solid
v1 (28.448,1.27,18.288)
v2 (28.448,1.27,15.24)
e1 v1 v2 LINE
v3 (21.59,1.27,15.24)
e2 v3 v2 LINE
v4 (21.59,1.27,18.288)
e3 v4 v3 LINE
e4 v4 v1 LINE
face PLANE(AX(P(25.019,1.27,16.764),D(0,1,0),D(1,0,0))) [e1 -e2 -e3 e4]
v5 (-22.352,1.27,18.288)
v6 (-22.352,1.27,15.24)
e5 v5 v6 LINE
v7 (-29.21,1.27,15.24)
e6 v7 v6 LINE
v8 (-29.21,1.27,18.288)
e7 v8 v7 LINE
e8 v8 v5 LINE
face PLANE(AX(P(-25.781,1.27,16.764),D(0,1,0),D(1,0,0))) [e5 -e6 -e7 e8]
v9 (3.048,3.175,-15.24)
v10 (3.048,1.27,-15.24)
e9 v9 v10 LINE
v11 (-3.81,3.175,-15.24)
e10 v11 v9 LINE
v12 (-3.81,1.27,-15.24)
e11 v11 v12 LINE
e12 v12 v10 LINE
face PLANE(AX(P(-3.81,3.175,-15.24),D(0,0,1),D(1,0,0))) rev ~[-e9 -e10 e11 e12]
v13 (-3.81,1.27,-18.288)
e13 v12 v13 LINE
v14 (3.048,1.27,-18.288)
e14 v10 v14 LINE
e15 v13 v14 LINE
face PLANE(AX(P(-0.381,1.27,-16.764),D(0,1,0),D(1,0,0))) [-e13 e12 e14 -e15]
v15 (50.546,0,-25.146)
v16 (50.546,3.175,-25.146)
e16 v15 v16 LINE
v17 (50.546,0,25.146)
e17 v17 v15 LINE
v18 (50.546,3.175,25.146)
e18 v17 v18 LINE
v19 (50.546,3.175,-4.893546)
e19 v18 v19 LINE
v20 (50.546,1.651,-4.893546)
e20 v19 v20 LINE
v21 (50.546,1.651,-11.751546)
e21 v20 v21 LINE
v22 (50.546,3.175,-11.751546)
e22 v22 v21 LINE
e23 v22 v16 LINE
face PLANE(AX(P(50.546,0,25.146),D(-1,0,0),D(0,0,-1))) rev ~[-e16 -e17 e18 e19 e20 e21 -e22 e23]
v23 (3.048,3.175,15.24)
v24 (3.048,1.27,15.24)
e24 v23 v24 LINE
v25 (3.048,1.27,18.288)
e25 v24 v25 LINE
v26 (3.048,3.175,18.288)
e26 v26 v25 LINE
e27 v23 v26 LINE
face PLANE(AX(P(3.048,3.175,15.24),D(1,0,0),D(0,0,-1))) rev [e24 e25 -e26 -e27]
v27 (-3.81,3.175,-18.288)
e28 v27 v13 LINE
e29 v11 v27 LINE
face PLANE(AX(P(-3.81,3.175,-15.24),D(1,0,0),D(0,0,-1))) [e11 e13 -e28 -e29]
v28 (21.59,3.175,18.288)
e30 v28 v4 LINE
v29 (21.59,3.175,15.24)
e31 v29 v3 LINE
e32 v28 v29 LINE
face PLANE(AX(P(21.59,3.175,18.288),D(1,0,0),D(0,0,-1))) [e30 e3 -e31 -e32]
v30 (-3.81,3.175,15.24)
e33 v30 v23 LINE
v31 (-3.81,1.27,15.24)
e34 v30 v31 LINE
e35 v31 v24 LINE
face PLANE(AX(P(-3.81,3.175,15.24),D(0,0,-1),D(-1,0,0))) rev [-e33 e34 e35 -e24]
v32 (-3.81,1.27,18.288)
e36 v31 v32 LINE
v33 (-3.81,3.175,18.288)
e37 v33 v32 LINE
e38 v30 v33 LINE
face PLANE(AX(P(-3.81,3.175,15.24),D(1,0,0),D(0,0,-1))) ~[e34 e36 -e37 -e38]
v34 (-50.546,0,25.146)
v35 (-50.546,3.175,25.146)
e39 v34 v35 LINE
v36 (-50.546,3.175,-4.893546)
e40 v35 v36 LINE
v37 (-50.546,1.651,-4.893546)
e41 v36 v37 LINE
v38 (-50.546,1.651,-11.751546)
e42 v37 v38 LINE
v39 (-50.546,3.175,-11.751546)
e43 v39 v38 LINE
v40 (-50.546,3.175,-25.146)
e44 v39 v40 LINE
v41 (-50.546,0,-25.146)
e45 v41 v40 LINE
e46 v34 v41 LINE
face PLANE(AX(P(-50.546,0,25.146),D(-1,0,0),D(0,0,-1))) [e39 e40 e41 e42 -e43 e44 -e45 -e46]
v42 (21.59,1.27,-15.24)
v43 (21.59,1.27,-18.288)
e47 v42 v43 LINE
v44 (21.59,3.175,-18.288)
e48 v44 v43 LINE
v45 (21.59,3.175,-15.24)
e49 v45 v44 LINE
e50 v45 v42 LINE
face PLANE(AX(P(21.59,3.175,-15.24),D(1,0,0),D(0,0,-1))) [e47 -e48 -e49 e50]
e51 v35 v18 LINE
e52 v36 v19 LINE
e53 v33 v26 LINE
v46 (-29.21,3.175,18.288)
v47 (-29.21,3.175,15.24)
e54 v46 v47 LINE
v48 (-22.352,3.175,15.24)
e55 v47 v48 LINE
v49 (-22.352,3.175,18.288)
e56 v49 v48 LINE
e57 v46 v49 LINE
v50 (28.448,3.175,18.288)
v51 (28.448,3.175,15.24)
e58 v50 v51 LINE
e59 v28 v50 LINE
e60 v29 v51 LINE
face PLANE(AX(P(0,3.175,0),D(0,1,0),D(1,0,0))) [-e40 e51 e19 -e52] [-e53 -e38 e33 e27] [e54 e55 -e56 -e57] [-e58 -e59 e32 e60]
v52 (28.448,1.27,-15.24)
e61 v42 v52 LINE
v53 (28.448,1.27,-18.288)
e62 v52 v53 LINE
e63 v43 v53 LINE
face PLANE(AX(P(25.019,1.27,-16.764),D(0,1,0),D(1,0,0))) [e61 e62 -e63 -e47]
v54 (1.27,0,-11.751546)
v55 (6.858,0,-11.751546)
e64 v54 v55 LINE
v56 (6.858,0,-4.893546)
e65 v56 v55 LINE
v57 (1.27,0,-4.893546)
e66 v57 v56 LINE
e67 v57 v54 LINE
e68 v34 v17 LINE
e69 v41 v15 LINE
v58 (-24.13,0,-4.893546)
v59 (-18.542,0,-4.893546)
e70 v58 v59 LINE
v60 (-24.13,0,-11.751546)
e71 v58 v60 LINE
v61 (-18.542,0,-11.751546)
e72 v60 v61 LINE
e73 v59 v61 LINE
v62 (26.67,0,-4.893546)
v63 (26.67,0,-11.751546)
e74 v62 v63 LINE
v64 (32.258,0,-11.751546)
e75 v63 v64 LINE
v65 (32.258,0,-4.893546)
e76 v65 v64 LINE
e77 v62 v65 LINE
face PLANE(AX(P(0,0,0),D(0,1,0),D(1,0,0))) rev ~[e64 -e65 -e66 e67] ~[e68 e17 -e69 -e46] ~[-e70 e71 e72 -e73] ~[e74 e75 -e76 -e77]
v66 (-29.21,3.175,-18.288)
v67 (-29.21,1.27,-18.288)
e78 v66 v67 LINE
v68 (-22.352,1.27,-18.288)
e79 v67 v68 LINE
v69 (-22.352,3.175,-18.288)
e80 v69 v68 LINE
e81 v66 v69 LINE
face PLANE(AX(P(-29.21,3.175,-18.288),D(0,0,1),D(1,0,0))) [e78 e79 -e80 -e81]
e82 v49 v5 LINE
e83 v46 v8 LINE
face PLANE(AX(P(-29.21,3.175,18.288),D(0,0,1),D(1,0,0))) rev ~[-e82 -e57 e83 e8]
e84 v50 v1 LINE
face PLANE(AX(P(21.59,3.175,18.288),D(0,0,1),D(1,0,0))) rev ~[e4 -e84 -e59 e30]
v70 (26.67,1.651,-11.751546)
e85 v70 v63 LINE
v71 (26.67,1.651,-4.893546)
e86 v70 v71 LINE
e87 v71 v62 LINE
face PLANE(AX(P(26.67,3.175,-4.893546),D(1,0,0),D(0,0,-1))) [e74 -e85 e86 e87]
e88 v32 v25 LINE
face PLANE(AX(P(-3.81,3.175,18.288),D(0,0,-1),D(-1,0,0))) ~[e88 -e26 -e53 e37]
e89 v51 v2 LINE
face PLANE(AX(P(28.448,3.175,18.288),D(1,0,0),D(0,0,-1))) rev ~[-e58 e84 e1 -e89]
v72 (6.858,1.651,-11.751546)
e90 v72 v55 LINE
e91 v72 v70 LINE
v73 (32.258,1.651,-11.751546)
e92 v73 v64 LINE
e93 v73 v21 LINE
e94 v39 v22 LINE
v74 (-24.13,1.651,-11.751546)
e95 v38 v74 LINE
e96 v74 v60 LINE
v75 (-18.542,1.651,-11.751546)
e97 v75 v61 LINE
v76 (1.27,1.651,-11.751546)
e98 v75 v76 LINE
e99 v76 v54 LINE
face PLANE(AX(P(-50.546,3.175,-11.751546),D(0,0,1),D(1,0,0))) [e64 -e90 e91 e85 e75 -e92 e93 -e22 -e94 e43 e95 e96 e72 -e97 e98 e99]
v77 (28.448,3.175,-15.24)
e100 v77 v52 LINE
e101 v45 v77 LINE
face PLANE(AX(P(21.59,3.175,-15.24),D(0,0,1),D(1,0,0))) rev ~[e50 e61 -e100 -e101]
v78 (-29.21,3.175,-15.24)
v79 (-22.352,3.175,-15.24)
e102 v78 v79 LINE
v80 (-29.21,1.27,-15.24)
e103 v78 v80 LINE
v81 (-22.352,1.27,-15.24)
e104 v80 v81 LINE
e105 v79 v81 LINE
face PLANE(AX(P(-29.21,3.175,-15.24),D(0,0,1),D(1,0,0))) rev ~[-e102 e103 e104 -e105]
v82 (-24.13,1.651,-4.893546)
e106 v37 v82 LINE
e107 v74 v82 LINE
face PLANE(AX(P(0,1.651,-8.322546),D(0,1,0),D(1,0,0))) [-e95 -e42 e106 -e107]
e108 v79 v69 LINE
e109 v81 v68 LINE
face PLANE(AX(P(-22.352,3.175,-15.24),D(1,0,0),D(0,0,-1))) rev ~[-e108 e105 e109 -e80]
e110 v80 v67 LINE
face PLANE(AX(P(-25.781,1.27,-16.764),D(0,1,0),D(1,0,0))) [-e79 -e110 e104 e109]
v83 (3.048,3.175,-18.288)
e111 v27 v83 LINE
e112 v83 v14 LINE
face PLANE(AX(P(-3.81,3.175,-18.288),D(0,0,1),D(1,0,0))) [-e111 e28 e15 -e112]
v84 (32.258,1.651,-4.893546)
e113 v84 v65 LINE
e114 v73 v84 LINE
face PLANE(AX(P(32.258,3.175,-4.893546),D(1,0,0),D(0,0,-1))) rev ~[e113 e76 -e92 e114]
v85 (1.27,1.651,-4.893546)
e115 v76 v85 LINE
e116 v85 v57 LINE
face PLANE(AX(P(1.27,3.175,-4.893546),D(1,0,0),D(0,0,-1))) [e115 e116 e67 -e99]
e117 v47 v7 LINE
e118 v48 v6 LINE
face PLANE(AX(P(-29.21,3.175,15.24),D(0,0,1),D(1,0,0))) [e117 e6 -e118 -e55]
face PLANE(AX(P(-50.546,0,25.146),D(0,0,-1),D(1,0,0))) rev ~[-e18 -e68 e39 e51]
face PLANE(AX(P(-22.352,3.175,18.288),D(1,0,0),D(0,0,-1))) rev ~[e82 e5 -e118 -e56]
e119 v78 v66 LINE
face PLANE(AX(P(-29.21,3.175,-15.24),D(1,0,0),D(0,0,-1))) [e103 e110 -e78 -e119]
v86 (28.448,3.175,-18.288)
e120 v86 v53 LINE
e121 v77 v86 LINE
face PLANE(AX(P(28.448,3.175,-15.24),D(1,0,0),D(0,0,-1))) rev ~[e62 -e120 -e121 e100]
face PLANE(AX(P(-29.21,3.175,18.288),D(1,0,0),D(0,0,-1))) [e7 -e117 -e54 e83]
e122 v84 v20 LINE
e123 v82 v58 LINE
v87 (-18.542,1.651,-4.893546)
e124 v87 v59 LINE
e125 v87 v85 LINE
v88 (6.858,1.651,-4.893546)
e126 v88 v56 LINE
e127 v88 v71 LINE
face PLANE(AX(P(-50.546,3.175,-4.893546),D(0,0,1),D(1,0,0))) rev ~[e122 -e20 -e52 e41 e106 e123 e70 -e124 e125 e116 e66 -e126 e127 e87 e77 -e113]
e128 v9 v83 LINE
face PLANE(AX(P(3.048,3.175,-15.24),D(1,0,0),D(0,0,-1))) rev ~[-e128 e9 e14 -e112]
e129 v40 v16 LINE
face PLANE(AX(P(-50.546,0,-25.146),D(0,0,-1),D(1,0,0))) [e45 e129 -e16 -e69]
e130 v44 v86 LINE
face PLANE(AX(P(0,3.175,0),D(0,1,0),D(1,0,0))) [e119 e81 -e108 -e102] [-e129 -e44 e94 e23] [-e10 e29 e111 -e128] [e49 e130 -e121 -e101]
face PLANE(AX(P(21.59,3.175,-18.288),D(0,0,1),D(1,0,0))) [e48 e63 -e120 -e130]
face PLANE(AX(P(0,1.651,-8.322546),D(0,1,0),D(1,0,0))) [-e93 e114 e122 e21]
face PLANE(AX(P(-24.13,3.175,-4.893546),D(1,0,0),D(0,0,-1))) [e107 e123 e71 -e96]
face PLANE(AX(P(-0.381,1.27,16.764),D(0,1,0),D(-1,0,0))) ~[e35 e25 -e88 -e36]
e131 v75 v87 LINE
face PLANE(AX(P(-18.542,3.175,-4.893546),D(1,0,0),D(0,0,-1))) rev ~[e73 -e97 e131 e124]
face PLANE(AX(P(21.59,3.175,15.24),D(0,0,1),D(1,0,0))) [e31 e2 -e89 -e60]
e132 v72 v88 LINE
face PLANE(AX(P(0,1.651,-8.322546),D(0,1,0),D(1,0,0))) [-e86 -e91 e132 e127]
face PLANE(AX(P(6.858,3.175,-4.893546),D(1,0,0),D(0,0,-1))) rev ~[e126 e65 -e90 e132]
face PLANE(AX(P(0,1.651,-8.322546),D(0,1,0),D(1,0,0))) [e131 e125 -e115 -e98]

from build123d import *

# Parameters (mm, degrees)
SKETCH1_W                     = 101.092
SKETCH1_H                     = 50.292
BOSS_EXTRUDE1_DEPTH           = 3.175
SKETCH2_W                     = 5.588
SKETCH2_H                     = 6.858
WIRE_HOLE_DEPTH               = 4.175
SKETCH3_W                     = 6.858
SKETCH3_H                     = 3.048
CUT_EXTRUDE2_DEPTH            = 1.905
LPATTERN1_COUNT               = 2
LPATTERN1_PITCH               = 25.4
LPATTERN1_COPY_1_SKETCH_W     = 6.858
LPATTERN1_COPY_1_SKETCH_H     = 3.048
LPATTERN1_COPY_1_DEPTH        = 1.905
LPATTERN1_COL_COUNT           = 2
LPATTERN1_COL_PITCH           = 25.4
LPATTERN1_COL_COPY_1_SKETCH_W = 6.858
LPATTERN1_COL_COPY_1_SKETCH_H = 3.048
LPATTERN1_COL_COPY_1_DEPTH    = 1.905
SKETCH4_W                     = 101.092
SKETCH4_H                     = 6.858
CUT_EXTRUDE3_DEPTH            = 1.524


with BuildPart() as part:
    # Sketch1 → Boss-Extrude1 (new body)
    with BuildSketch(Plane(origin=(0, 0, 0), x_dir=(1, 0, 0), z_dir=(0, 1, 0))):
        Rectangle(SKETCH1_W, SKETCH1_H)
    extrude(amount=BOSS_EXTRUDE1_DEPTH)

    # Sketch2 → Wire Hole (cut, through all)
    with BuildSketch(Plane(origin=(0, 3.175, 0), x_dir=(1, 0, 0), z_dir=(0, 1, 0))):
        with Locations((4.064, 8.322545685)):
            Rectangle(SKETCH2_W, SKETCH2_H)
    wire_hole = extrude(amount=-WIRE_HOLE_DEPTH, mode=Mode.SUBTRACT)

    # Sketch3 → Cut-Extrude2 (cut)
    with BuildSketch(Plane(origin=(0, 3.175, 0), x_dir=(1, 0, 0), z_dir=(0, 1, 0))):
        with Locations((-0.381, 16.764)):
            Rectangle(SKETCH3_W, SKETCH3_H)
    cut_extrude2 = extrude(amount=-CUT_EXTRUDE2_DEPTH, mode=Mode.SUBTRACT)

    # Mirror1: Cut-Extrude2 across plane
    add(cut_extrude2.mirror(Plane.XY), mode=Mode.SUBTRACT)

    # LPattern1: Wire Hole, Cut-Extrude2 ×2
    with Locations(*[(-i * LPATTERN1_PITCH, 0, 0) for i in range(1, LPATTERN1_COUNT)]):
        add(wire_hole, mode=Mode.SUBTRACT)
        add(cut_extrude2, mode=Mode.SUBTRACT)

    # LPattern1 copy 1 sketch → LPattern1 copy 1 (cut)
    with BuildSketch(Plane(origin=(-25.4, 3.175, 0), x_dir=(1, 0, 0), z_dir=(0, 1, 0))):
        with Locations((-0.381, -16.764)):
            Rectangle(LPATTERN1_COPY_1_SKETCH_W, LPATTERN1_COPY_1_SKETCH_H)
    extrude(amount=-LPATTERN1_COPY_1_DEPTH, mode=Mode.SUBTRACT)

    # LPattern1 col: Wire Hole, Cut-Extrude2 ×2
    with Locations(*[(i * LPATTERN1_COL_PITCH, 0, 0) for i in range(1, LPATTERN1_COL_COUNT)]):
        add(wire_hole, mode=Mode.SUBTRACT)
        add(cut_extrude2, mode=Mode.SUBTRACT)

    # LPattern1 col copy 1 sketch → LPattern1 col copy 1 (cut)
    with BuildSketch(Plane(origin=(25.4, 3.175, 0), x_dir=(1, 0, 0), z_dir=(0, 1, 0))):
        with Locations((-0.381, -16.764)):
            Rectangle(LPATTERN1_COL_COPY_1_SKETCH_W, LPATTERN1_COL_COPY_1_SKETCH_H)
    extrude(amount=-LPATTERN1_COL_COPY_1_DEPTH, mode=Mode.SUBTRACT)

    # Sketch4 → Cut-Extrude3 (cut)
    with BuildSketch(Plane(origin=(0, 3.175, 0), x_dir=(1, 0, 0), z_dir=(0, 1, 0))):
        with Locations((0, 8.322545685)):
            Rectangle(SKETCH4_W, SKETCH4_H)
    extrude(amount=-CUT_EXTRUDE3_DEPTH, mode=Mode.SUBTRACT)


solid = part.part
